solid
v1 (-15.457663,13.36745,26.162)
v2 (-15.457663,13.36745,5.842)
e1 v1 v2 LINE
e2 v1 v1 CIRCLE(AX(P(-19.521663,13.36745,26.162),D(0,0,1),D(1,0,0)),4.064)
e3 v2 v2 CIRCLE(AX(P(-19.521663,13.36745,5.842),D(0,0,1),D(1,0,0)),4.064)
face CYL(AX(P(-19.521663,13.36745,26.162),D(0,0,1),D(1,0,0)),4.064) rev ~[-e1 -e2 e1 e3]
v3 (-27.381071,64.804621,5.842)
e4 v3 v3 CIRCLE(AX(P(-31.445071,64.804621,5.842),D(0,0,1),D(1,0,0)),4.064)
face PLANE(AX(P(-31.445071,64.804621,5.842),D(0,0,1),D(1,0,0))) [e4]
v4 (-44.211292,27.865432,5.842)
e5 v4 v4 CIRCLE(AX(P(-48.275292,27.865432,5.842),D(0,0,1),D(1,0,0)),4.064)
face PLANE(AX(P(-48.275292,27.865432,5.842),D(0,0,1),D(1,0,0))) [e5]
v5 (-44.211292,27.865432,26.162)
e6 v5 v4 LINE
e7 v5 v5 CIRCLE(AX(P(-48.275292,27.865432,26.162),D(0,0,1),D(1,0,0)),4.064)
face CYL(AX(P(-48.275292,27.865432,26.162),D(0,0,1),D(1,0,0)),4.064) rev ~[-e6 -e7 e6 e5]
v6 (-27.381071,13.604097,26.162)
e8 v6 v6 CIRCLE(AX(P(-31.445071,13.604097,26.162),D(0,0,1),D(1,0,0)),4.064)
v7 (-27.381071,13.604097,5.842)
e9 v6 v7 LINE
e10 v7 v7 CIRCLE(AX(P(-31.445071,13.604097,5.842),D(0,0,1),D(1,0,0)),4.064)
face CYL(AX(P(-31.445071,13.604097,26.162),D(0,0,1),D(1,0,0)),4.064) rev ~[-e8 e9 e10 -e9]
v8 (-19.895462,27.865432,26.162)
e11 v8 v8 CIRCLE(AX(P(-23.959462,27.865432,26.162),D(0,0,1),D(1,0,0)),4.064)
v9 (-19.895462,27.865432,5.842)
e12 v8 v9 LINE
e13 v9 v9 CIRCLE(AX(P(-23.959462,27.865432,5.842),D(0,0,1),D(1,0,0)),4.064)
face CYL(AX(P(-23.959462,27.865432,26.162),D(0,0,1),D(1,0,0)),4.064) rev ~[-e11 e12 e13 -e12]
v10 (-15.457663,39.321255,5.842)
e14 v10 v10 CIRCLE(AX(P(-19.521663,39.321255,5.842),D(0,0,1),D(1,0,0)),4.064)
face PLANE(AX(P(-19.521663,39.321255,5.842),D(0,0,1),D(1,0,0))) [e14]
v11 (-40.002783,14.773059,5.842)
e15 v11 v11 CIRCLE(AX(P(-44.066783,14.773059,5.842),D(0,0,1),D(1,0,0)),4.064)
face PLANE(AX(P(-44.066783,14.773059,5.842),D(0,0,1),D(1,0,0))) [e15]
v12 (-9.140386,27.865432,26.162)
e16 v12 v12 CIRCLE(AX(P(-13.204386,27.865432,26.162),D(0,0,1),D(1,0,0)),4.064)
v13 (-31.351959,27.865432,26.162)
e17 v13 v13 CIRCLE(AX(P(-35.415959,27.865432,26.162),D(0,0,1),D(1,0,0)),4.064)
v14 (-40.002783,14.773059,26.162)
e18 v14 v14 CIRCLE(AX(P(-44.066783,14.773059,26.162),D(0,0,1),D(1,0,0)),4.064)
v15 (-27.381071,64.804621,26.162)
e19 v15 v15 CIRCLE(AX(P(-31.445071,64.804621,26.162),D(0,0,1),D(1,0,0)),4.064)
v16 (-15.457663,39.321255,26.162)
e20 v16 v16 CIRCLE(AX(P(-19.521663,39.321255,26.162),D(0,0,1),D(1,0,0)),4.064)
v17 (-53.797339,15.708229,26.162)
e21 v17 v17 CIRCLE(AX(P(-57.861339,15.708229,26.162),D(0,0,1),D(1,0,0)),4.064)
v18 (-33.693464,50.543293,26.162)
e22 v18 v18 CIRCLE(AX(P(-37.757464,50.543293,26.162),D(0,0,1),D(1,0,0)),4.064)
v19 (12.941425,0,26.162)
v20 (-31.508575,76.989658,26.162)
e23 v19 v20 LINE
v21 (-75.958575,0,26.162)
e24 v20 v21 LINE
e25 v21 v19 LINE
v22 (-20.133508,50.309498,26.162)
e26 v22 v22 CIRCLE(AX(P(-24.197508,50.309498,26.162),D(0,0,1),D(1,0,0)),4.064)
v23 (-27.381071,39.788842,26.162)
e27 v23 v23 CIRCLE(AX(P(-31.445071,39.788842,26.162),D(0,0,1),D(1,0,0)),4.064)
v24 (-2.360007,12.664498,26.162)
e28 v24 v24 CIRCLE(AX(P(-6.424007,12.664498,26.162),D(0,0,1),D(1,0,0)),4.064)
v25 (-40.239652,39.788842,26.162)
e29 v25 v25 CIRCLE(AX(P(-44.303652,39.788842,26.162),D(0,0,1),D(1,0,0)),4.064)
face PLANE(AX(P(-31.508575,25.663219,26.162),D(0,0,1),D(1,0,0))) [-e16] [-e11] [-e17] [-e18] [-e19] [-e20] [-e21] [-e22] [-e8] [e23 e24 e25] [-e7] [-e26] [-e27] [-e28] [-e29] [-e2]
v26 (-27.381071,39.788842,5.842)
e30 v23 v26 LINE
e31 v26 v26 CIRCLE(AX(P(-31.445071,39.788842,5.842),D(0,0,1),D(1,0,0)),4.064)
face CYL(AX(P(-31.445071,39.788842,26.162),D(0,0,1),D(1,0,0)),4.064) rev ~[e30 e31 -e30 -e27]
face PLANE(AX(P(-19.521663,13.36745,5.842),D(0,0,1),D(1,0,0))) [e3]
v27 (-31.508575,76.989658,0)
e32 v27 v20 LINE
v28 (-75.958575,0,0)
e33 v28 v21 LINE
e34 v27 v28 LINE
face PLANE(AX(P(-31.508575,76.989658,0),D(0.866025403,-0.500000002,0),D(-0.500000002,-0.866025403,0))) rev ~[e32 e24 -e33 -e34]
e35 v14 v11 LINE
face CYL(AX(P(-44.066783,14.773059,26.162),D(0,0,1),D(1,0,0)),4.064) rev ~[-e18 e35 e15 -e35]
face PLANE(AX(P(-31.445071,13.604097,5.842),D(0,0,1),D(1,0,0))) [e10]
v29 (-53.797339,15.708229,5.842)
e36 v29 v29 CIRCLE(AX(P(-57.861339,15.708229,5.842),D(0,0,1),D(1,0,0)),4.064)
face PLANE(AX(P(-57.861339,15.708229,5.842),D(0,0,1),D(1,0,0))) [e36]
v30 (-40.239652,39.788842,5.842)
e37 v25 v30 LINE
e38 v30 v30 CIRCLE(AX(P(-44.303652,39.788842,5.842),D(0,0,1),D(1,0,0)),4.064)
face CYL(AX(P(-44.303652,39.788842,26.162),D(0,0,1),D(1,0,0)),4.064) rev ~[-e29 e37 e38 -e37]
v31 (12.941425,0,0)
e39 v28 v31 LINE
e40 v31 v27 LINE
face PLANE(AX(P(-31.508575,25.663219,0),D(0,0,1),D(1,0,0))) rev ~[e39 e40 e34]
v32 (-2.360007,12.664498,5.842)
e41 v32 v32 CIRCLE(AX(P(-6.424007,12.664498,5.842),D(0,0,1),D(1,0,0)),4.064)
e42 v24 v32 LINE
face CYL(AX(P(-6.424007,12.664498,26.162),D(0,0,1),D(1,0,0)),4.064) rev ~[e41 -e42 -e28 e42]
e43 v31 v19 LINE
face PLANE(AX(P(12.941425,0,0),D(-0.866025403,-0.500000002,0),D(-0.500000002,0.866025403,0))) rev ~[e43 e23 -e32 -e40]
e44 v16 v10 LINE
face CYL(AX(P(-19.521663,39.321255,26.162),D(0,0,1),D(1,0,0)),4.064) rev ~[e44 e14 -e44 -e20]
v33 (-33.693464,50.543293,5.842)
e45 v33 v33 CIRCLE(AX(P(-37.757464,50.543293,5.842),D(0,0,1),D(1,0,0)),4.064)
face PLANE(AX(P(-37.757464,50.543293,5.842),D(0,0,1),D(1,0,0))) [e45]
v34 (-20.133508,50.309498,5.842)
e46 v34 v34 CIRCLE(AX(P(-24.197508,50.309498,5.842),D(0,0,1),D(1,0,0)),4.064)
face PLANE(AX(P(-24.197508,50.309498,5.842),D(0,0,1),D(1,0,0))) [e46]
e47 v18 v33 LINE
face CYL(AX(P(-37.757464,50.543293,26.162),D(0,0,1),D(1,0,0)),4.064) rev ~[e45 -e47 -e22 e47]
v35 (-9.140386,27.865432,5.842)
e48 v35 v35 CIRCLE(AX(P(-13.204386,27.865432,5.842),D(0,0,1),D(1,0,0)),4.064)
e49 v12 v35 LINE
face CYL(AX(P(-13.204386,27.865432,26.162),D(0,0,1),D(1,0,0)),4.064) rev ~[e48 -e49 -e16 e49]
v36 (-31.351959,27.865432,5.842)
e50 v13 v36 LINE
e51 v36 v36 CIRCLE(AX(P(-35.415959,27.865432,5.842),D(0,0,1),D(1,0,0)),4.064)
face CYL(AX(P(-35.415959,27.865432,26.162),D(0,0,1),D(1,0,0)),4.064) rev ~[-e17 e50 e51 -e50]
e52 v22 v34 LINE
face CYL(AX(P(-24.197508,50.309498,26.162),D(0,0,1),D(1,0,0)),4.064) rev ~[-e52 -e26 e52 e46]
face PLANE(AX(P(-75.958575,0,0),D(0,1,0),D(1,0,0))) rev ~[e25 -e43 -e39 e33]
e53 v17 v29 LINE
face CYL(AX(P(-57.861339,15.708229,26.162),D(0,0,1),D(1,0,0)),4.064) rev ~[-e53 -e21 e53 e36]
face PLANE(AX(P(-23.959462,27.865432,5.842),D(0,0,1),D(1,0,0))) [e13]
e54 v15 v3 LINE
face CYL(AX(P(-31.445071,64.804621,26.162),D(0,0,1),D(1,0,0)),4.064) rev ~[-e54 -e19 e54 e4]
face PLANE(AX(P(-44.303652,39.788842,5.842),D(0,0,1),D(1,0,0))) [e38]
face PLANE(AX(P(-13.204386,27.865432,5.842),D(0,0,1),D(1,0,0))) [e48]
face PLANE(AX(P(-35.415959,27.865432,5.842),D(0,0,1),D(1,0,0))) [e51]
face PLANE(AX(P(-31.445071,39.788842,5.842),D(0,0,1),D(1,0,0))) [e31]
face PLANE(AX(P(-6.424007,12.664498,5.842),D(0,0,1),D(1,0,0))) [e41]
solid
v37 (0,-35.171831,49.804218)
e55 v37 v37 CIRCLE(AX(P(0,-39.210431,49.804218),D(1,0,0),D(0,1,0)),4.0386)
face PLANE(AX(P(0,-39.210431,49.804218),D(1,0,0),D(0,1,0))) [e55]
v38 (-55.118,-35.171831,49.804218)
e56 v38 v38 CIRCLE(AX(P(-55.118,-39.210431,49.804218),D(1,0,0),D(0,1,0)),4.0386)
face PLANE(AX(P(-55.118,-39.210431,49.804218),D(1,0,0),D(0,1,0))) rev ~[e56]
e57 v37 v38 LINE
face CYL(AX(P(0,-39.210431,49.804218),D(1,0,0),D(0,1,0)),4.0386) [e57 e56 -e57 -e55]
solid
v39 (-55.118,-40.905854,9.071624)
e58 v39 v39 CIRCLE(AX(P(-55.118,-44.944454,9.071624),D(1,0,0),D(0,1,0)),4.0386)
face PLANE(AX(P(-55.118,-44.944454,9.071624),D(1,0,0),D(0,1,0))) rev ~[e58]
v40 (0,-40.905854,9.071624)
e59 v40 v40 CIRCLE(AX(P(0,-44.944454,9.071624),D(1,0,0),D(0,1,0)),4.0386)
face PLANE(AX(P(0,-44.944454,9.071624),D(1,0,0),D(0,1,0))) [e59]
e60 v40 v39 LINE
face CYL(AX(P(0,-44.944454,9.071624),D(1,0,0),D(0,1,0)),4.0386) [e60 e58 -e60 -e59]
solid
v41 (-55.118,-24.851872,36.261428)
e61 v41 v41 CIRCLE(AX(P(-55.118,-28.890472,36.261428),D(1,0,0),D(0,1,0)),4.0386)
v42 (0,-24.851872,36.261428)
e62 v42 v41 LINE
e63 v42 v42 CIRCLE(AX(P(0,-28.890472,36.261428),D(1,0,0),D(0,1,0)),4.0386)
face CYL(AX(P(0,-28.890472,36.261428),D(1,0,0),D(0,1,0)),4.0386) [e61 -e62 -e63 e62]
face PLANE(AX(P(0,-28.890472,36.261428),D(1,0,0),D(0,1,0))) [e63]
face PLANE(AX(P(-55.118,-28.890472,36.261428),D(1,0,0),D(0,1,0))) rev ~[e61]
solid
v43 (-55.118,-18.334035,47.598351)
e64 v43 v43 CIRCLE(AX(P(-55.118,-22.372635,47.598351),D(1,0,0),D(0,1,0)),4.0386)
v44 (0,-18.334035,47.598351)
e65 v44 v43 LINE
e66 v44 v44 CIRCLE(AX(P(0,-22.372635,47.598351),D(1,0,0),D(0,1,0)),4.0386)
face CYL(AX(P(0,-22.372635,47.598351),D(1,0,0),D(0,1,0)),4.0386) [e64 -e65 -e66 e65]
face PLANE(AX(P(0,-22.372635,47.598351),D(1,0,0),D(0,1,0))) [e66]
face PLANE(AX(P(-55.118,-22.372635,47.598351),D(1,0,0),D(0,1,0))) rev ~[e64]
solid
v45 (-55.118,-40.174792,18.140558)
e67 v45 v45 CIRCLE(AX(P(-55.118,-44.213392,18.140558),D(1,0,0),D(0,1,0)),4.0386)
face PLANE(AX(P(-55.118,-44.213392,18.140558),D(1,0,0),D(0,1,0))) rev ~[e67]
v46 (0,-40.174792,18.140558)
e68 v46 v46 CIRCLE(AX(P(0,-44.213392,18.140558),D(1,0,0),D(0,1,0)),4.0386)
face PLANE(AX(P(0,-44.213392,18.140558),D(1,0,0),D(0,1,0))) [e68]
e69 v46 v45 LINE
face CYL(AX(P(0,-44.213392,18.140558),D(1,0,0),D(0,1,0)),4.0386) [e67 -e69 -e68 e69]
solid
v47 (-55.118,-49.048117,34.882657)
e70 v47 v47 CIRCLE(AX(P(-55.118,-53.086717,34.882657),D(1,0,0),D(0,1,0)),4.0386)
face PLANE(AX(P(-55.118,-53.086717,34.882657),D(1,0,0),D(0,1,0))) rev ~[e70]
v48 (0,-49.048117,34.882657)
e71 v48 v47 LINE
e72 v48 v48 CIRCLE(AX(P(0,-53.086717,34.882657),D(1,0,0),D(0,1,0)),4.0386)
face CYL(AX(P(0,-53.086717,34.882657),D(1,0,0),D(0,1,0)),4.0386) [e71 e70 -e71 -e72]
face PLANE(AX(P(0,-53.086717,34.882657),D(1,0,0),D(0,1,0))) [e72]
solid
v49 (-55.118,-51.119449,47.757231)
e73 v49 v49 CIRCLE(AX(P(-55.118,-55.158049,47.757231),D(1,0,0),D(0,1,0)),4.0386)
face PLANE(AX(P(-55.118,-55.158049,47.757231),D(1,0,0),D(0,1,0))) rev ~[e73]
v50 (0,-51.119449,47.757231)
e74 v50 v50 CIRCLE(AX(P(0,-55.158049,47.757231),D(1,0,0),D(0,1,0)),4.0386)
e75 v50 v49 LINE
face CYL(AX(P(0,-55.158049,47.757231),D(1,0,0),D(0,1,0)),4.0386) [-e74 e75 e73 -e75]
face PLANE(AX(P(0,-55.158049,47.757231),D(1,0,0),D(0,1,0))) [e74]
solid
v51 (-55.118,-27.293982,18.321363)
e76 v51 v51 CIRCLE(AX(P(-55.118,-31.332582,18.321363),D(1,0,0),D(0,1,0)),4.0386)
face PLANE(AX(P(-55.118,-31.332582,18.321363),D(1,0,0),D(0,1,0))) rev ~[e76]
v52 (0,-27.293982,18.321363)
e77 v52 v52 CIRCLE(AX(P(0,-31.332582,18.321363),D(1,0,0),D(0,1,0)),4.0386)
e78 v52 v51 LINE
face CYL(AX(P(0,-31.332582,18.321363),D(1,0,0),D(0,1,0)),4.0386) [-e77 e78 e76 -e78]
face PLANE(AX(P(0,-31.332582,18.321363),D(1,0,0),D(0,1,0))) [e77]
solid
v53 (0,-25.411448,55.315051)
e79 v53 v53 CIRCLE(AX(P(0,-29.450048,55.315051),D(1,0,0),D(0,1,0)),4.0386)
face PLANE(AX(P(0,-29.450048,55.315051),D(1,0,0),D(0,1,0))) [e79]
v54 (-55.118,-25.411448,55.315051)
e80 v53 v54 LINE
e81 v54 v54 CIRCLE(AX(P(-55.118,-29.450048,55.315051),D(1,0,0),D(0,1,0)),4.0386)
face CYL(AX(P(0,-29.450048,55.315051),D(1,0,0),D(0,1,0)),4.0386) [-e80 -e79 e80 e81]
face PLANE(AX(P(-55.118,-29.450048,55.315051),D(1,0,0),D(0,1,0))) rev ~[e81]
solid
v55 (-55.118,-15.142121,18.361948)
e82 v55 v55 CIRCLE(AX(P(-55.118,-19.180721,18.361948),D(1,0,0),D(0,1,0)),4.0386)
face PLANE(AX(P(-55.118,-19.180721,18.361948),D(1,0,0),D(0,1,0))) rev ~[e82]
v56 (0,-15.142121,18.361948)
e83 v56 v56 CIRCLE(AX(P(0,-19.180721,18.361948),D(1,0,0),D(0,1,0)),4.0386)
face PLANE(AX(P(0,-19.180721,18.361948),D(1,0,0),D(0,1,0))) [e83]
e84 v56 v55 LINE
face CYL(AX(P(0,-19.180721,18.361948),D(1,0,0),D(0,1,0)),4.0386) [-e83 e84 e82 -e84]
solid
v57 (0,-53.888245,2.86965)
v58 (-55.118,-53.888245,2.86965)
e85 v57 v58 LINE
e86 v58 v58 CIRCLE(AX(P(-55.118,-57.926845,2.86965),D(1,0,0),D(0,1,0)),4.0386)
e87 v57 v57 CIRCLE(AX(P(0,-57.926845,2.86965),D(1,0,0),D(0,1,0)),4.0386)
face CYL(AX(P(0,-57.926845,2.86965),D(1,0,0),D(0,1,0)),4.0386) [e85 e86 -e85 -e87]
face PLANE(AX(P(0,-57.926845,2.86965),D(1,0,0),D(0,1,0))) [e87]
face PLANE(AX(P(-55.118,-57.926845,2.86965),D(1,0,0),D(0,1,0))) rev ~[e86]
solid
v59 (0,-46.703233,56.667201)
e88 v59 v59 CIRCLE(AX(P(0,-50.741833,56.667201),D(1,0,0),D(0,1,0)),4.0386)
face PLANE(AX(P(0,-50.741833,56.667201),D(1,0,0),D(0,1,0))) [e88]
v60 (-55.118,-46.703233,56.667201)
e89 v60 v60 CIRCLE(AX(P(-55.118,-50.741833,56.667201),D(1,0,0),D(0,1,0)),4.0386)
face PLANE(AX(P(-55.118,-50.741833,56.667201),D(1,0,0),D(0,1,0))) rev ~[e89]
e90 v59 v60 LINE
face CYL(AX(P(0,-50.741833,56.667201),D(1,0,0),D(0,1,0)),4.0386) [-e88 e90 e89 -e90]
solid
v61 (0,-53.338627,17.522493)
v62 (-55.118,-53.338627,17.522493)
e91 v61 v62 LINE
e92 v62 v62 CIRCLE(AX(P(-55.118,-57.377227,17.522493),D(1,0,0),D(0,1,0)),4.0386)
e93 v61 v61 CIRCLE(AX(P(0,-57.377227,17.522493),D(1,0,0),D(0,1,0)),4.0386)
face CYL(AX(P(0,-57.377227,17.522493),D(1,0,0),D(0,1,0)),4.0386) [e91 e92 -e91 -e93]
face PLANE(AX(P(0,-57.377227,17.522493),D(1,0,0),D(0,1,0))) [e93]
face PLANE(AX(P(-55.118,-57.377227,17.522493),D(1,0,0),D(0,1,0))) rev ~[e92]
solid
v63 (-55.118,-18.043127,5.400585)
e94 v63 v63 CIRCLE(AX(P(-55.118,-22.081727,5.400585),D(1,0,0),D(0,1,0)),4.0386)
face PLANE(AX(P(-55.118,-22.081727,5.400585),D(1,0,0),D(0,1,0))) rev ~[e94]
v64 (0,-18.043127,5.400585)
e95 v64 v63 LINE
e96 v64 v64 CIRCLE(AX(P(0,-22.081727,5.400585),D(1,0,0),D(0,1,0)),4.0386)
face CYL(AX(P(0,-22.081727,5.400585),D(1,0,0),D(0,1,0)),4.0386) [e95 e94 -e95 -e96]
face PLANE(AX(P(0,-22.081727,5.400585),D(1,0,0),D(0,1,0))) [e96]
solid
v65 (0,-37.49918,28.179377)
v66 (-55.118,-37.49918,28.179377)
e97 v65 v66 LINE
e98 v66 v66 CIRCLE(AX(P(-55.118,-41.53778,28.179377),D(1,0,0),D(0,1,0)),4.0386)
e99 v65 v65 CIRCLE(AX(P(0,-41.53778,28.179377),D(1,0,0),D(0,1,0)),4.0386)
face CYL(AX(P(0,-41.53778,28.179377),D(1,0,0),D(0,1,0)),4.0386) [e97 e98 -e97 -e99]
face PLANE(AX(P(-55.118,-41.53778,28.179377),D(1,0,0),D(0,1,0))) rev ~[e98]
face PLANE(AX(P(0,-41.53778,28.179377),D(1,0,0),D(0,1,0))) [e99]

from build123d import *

# Parameters (mm, degrees)
F1_DEPTH = 26.162
F2_R     = 4.064
F3_DEPTH = 20.32
F4_R     = 4.0386
F5_DEPTH = 55.118


with BuildPart() as f1:
    # F0 (on Top) → F1 (new body)
    with BuildSketch(Plane.XY):
        Polygon((-31.508575, 76.989658), (-75.958575, 0), (12.941425, 0), align=None)
    extrude(amount=F1_DEPTH)

    # F2 (on face) → F3 (cut)
    with BuildSketch(Plane.XY.offset(26.162)):
        with Locations((-31.445071, 64.804621)):
            Circle(F2_R)
        with Locations((-37.757464, 50.543293)):
            Circle(F2_R)
        with Locations((-24.197508, 50.309498)):
            Circle(F2_R)
        with Locations((-44.303652, 39.788842)):
            Circle(F2_R)
        with Locations((-31.445071, 39.788842)):
            Circle(F2_R)
        with Locations((-19.521663, 39.321255)):
            Circle(F2_R)
        with Locations((-13.204386, 27.865432)):
            Circle(F2_R)
        with Locations((-23.959462, 27.865432)):
            Circle(F2_R)
        with Locations((-35.415959, 27.865432)):
            Circle(F2_R)
        with Locations((-48.275292, 27.865432)):
            Circle(F2_R)
        with Locations((-57.861339, 15.708229)):
            Circle(F2_R)
        with Locations((-44.066783, 14.773059)):
            Circle(F2_R)
        with Locations((-31.445071, 13.604097)):
            Circle(F2_R)
        with Locations((-19.521663, 13.36745)):
            Circle(F2_R)
        with Locations((-6.424007, 12.664498)):
            Circle(F2_R)
    extrude(amount=-F3_DEPTH, mode=Mode.SUBTRACT)


with BuildPart() as f5:
    # F4 (on Right) → F5 (new body)
    with BuildSketch(Plane.YZ):
        with Locations((-39.210431, 49.804218)):
            Circle(F4_R)
        with Locations((-50.741833, 56.667201)):
            Circle(F4_R)
        with Locations((-55.158049, 47.757231)):
            Circle(F4_R)
        with Locations((-53.086717, 34.882657)):
            Circle(F4_R)
        with Locations((-22.372635, 47.598351)):
            Circle(F4_R)
        with Locations((-29.450048, 55.315051)):
            Circle(F4_R)
        with Locations((-28.890472, 36.261428)):
            Circle(F4_R)
        with Locations((-41.53778, 28.179377)):
            Circle(F4_R)
        with Locations((-44.213392, 18.140558)):
            Circle(F4_R)
        with Locations((-57.377227, 17.522493)):
            Circle(F4_R)
        with Locations((-44.944454, 9.071624)):
            Circle(F4_R)
        with Locations((-31.332582, 18.321363)):
            Circle(F4_R)
        with Locations((-19.180721, 18.361948)):
            Circle(F4_R)
        with Locations((-22.081727, 5.400585)):
            Circle(F4_R)
        with Locations((-57.926845, 2.86965)):
            Circle(F4_R)
    extrude(amount=-F5_DEPTH)


solid = Compound([f1.part, f5.part])
